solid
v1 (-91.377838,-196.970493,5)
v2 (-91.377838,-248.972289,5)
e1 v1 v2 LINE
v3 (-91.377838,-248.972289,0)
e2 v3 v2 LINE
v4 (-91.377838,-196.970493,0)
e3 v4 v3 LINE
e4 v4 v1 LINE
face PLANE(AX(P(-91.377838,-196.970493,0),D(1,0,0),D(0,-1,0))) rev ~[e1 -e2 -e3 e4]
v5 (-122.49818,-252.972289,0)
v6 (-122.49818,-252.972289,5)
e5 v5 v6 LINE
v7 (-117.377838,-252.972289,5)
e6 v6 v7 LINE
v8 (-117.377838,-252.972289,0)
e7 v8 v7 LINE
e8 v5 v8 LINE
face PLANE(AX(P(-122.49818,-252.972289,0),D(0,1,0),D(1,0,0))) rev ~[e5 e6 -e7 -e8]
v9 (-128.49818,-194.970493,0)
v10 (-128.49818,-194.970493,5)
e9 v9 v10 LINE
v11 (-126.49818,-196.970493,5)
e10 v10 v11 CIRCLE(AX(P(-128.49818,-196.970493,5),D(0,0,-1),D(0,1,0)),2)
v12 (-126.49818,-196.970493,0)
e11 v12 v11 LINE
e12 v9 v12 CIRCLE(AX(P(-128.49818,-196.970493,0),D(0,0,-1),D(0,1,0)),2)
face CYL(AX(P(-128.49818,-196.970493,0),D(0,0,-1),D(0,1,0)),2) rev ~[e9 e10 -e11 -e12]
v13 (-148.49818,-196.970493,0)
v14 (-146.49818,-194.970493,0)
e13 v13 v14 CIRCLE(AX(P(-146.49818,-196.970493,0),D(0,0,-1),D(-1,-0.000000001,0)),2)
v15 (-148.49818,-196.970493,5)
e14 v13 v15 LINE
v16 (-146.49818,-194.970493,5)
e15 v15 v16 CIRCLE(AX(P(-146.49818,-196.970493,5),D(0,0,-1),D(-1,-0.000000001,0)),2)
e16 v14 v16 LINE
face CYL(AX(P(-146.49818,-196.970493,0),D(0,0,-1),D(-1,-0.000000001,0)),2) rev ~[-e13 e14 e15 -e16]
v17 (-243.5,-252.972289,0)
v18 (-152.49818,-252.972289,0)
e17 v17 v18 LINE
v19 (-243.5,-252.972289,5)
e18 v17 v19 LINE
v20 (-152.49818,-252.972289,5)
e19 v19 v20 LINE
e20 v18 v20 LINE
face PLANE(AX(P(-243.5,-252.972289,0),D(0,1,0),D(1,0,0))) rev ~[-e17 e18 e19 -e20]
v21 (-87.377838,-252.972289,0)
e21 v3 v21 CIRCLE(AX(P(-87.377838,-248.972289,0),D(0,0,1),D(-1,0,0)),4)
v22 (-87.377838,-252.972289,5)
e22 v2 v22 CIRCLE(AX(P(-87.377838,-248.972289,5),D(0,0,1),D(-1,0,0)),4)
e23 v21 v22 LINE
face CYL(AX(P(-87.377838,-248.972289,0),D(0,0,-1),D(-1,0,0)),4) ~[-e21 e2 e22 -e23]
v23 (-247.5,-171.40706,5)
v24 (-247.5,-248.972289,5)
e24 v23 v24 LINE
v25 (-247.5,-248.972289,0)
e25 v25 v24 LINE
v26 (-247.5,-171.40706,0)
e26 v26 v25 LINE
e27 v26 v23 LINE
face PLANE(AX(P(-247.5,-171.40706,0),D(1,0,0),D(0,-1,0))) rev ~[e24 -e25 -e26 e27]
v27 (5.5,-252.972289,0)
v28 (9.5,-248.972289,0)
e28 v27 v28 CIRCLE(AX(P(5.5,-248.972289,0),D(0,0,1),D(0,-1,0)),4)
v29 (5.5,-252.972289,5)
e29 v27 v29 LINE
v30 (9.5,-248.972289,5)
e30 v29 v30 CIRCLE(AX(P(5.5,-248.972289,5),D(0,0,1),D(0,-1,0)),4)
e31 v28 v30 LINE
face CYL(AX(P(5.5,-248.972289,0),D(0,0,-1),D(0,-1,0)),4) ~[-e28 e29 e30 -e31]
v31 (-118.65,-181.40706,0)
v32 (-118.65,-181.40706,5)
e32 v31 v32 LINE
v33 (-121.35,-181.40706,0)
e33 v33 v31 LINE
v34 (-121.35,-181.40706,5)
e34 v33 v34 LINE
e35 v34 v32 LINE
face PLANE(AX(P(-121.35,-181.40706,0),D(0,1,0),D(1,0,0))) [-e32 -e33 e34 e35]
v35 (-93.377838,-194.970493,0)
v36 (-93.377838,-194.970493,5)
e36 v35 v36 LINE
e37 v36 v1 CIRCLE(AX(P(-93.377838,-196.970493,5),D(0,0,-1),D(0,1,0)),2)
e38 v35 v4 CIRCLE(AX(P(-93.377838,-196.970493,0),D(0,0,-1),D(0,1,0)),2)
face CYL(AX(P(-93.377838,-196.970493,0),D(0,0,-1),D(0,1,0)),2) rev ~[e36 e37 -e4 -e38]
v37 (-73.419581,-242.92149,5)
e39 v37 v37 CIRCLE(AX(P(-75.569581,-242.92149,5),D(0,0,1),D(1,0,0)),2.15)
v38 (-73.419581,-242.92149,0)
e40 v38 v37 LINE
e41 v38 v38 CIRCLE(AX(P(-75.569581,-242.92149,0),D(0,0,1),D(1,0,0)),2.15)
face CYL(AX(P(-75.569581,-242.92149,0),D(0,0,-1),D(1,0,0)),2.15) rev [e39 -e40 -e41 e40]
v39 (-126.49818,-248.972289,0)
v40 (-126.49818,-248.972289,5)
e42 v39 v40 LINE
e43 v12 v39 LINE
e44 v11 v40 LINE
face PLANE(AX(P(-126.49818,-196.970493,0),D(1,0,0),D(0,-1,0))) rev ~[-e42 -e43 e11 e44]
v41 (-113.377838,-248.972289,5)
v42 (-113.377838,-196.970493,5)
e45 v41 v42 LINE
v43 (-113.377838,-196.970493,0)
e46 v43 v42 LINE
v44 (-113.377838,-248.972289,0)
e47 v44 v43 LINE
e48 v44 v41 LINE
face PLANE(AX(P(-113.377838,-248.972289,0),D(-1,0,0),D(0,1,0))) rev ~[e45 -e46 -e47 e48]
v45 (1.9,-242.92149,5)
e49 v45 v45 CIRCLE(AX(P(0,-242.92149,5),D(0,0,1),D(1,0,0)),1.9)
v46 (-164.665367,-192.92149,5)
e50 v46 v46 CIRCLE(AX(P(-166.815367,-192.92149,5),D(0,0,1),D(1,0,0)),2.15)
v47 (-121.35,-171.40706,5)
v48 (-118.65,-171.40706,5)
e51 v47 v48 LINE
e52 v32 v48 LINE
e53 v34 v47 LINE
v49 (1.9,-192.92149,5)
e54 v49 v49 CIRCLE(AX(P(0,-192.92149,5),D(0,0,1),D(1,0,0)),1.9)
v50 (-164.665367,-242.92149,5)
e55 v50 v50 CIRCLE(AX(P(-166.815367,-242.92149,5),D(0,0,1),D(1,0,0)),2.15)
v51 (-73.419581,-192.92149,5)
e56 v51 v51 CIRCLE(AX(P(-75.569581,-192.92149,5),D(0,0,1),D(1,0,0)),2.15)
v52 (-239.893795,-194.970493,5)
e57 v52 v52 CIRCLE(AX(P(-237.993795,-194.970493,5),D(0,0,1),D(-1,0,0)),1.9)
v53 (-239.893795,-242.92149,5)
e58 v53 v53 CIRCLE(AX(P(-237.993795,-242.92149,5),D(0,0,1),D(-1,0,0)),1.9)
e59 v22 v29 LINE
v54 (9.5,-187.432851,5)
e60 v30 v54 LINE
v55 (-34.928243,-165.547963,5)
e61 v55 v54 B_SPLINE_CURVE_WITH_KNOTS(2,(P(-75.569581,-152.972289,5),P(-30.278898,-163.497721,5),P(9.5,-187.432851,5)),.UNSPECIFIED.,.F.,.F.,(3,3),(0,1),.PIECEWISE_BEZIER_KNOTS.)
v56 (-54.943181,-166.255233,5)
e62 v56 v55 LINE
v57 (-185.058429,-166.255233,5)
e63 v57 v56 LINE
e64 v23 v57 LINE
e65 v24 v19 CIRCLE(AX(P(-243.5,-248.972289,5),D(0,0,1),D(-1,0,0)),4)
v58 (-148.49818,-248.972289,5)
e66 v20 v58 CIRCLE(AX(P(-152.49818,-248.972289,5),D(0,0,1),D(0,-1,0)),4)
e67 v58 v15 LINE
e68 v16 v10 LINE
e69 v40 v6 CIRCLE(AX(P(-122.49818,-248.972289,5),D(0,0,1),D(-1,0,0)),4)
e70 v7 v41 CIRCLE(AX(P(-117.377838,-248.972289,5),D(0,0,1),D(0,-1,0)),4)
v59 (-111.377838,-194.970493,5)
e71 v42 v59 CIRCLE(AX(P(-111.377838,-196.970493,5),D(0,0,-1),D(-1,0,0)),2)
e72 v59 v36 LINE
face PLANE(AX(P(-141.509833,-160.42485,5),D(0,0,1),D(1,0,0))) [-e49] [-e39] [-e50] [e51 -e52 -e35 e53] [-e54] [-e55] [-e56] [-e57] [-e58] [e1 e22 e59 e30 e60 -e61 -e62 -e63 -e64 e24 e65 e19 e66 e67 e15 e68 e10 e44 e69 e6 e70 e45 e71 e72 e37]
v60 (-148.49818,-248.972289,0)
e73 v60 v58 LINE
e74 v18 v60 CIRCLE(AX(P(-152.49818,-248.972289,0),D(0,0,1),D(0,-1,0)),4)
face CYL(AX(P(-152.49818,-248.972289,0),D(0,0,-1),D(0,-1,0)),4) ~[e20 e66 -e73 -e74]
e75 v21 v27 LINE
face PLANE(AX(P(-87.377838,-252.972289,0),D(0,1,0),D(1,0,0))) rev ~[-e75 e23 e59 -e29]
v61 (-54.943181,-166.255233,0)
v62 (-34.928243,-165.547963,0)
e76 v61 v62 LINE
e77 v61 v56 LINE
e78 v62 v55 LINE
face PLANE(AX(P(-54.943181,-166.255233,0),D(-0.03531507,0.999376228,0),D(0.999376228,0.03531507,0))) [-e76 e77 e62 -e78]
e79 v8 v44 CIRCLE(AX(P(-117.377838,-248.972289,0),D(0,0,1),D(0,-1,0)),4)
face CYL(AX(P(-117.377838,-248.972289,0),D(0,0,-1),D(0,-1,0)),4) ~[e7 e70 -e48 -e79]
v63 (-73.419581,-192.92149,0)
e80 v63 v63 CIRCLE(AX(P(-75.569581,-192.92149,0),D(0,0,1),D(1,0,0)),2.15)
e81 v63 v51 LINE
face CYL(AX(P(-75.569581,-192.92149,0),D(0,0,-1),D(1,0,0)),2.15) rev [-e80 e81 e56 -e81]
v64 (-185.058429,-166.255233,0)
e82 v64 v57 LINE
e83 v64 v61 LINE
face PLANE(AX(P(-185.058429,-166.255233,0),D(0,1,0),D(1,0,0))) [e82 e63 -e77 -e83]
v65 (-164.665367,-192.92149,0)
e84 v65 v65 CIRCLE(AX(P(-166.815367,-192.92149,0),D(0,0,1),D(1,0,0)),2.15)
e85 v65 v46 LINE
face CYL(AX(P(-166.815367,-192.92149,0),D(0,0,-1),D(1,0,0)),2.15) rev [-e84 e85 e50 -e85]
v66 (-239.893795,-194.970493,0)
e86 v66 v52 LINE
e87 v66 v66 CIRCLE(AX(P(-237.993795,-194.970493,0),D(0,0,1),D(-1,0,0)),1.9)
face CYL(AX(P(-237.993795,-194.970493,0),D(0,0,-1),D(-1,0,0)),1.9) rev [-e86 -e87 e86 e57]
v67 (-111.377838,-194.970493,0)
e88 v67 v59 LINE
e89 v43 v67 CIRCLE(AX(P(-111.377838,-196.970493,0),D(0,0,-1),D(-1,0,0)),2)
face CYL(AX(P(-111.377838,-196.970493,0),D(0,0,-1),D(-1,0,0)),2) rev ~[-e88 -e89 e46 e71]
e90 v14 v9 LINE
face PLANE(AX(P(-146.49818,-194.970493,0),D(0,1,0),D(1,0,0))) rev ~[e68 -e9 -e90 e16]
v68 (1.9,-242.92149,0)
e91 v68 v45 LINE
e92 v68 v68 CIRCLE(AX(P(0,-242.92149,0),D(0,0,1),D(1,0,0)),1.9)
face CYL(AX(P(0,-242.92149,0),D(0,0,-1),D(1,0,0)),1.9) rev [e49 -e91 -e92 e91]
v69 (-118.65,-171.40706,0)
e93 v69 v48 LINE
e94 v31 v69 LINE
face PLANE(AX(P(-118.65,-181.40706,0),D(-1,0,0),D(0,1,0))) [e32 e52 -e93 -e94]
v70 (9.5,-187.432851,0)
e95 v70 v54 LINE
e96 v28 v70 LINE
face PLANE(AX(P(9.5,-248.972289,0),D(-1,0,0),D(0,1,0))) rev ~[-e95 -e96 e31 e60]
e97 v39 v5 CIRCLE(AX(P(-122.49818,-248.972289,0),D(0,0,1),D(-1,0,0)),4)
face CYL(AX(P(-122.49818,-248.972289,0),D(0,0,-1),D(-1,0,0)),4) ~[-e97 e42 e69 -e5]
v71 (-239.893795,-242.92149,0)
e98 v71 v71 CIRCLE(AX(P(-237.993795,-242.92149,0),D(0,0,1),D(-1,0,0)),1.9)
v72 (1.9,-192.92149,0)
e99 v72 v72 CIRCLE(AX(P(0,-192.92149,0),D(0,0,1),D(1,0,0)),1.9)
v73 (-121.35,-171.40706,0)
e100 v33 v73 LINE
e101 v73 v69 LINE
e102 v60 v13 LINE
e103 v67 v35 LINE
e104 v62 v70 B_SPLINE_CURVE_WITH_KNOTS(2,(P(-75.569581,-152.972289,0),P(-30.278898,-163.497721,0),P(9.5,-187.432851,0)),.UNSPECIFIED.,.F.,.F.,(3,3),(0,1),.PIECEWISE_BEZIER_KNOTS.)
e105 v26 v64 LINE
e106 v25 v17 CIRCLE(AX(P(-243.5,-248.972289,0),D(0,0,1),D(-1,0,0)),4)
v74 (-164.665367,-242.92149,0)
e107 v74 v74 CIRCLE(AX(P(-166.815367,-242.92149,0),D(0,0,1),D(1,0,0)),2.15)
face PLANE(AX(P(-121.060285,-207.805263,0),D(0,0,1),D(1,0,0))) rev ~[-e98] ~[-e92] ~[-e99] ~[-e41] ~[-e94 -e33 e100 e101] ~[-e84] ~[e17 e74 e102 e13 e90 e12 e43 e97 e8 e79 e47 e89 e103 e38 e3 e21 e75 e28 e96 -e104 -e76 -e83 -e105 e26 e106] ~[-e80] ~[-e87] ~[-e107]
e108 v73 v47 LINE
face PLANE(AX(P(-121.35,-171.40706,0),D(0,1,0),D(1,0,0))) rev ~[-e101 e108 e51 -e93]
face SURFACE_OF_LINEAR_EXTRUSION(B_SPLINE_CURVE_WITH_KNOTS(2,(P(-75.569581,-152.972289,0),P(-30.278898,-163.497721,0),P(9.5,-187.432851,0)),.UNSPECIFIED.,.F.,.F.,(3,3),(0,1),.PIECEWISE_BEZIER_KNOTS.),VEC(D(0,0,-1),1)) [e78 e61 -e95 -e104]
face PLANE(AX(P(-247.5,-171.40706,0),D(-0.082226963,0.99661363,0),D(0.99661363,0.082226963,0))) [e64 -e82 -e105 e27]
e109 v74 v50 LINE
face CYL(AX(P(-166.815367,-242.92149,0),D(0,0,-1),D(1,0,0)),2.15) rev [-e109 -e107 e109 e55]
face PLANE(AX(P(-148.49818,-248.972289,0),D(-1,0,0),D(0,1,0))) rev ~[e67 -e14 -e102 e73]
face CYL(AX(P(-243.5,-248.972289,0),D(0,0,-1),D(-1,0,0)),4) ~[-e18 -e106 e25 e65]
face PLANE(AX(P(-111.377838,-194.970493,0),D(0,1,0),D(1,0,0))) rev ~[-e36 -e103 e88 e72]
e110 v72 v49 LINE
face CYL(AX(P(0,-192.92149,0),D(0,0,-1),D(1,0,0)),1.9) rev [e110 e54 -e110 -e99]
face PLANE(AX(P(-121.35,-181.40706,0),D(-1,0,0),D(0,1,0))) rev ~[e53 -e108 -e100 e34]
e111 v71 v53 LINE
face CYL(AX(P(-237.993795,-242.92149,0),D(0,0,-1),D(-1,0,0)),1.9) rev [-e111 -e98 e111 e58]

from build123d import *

# Parameters (mm, degrees)
SKETCH1_R           = 1.9
SKETCH1_R_2         = 2.15
SKETCH1_W           = 2.7
SKETCH1_H           = 10
BOSS_EXTRUDE1_DEPTH = 5
BOSS_EXTRUDE2_DEPTH = 5
CUT_EXTRUDE1_DEPTH  = 5


with BuildPart() as part:
    # Sketch1 → Boss-Extrude1 (new body)
    with BuildSketch(Plane.XY):
        with BuildLine():
            Line((-243.5, -252.972288794), (-152.498180394, -252.972288794))
            ThreePointArc((-152.498180394, -252.972288794), (-149.669753269, -251.800715919), (-148.498180394, -248.972288794))
            Line((-148.498180394, -248.972288794), (-148.498180394, -196.970492539))
            ThreePointArc((-148.498180394, -196.970492539), (-147.912393957, -195.556278976), (-146.498180394, -194.970492539))
            Line((-146.498180394, -194.970492539), (-128.498180394, -194.970492539))
            ThreePointArc((-128.498180394, -194.970492539), (-127.083966832, -195.556278976), (-126.498180394, -196.970492539))
            Line((-126.498180394, -196.970492539), (-126.498180394, -248.972288794))
            ThreePointArc((-126.498180394, -248.972288794), (-125.326607519, -251.800715919), (-122.498180394, -252.972288794))
            Line((-122.498180394, -252.972288794), (-117.377838381, -252.972288794))
            ThreePointArc((-117.377838381, -252.972288794), (-114.549411256, -251.800715919), (-113.377838381, -248.972288794))
            Line((-113.377838381, -248.972288794), (-113.377838381, -196.970492539))
            ThreePointArc((-113.377838381, -196.970492539), (-112.792051943, -195.556278976), (-111.377838381, -194.970492539))
            Line((-111.377838381, -194.970492539), (-93.377838381, -194.970492539))
            ThreePointArc((-93.377838381, -194.970492539), (-91.963624819, -195.556278976), (-91.377838381, -196.970492539))
            Line((-91.377838381, -196.970492539), (-91.377838381, -248.972288794))
            ThreePointArc((-91.377838381, -248.972288794), (-90.206265506, -251.800715919), (-87.377838381, -252.972288794))
            Line((-87.377838381, -252.972288794), (5.5, -252.972288794))
            ThreePointArc((5.5, -252.972288794), (8.328427125, -251.800715919), (9.5, -248.972288794))
            Line((9.5, -248.972288794), (9.5, -187.432851256))
            add(Edge.make_bspline(
                [(-75.569581097, -152.972288794), (-30.278898356, -163.497720658), (9.5, -187.432851256)],
                knots=[0, 0, 0, 1, 1, 1], degree=2))
            Line((-75.569581097, -152.972288794), (-118.65, -152.972288794))
            Line((-118.65, -152.972288794), (-118.65, -162.972288794))
            Line((-118.65, -162.972288794), (-121.35, -162.972288794))
            Line((-121.35, -162.972288794), (-121.35, -152.972288794))
            Line((-121.35, -152.972288794), (-164.430418903, -152.972288794))
            add(Edge.make_bspline(
                [(-164.430418903, -152.972288794), (-207.794171984, -154.134737544), (-247.5, -171.407059989)],
                knots=[0, 0, 0, 1, 1, 1], degree=2))
            Line((-247.5, -171.407059989), (-247.5, -248.972288794))
            ThreePointArc((-247.5, -248.972288794), (-246.328427125, -251.800715919), (-243.5, -252.972288794))
        make_face()
        with Locations((0, -192.921490239)):
            Circle(SKETCH1_R, mode=Mode.SUBTRACT)
        with Locations((0, -242.921490239)):
            Circle(SKETCH1_R, mode=Mode.SUBTRACT)
        with Locations((-237.993794987, -242.921490239)):
            Circle(SKETCH1_R, mode=Mode.SUBTRACT)
        with Locations((-237.993794987, -194.970492539)):
            Circle(SKETCH1_R, mode=Mode.SUBTRACT)
        with Locations((-166.815366628, -192.921490239)):
            Circle(SKETCH1_R_2, mode=Mode.SUBTRACT)
        with Locations((-166.815366628, -242.921490239)):
            Circle(SKETCH1_R_2, mode=Mode.SUBTRACT)
        with Locations((-75.569581097, -192.921490239)):
            Circle(SKETCH1_R_2, mode=Mode.SUBTRACT)
        with Locations((-75.569581097, -242.921490239)):
            Circle(SKETCH1_R_2, mode=Mode.SUBTRACT)
        with Locations((-120, -176.407059989)):
            Rectangle(SKETCH1_W, SKETCH1_H, mode=Mode.SUBTRACT)
    extrude(amount=BOSS_EXTRUDE1_DEPTH)

    # Sketch2 → Boss-Extrude2 (add)
    with BuildSketch(Plane(origin=(0, 0, 0), x_dir=(-1, 0, 0), z_dir=(0, 0, -1))):
        with BuildLine():
            Line((247.500000017, -171.407059996), (185.05842867, -166.255233236))
            Line((185.05842867, -166.255233236), (54.943181018, -166.255233236))
            Line((54.943181018, -166.255233236), (34.928242723, -165.547963122))
            add(Edge.make_bspline(
                [(58.315946636, -155.801157817), (45.893296778, -158.75444176), (34.928242723, -165.547963122)],
                knots=[0, 0, 0, 1, 1, 1], degree=2))
            add(Edge.make_bspline(
                [(58.315946636, -155.801157817), (63.424678897, -156.071648314), (70.654281497, -151.741484529)],
                knots=[0, 0, 0, 0.409142446, 0.409142446, 0.409142446], degree=2))
            add(Edge.make_bspline(
                [(113.326199409, -148.857198457), (91.886453079, -148.664892877), (70.654281497, -151.741484529)],
                knots=[0, 0, 0, 1, 1, 1], degree=2))
            Line((113.326199409, -148.857198457), (126.673800592, -148.857198457))
            add(Edge.make_bspline(
                [(185.597069482, -153.384908978), (156.563126475, -146.928393886), (126.673800592, -148.857198457)],
                knots=[0, 0, 0, 1, 1, 1], degree=2))
            add(Edge.make_bspline(
                [(185.597069482, -153.384908978), (219.13818523, -148.75209862), (247.500000017, -171.407059996)],
                knots=[0, 0, 0, 1, 1, 1], degree=2))
        make_face()
    extrude(amount=-BOSS_EXTRUDE2_DEPTH)

    # Sketch2<2> → Cut-Extrude1 (cut)
    with BuildSketch(Plane(origin=(0, 0, 0), x_dir=(-1, 0, 0), z_dir=(0, 0, -1))):
        with BuildLine():
            Line((185.05842867, -166.255233236), (247.500000017, -171.407059996))
            add(Edge.make_bspline(
                [(185.597069482, -153.384908978), (219.13818523, -148.75209862), (247.500000017, -171.407059996)],
                knots=[0, 0, 0, 1, 1, 1], degree=2))
            add(Edge.make_bspline(
                [(185.597069482, -153.384908978), (156.563126475, -146.928393886), (126.673800592, -148.857198457)],
                knots=[0, 0, 0, 1, 1, 1], degree=2))
            Line((126.673800592, -148.857198457), (113.326199409, -148.857198457))
            add(Edge.make_bspline(
                [(113.326199409, -148.857198457), (91.886453079, -148.664892877), (70.654281497, -151.741484529)],
                knots=[0, 0, 0, 1, 1, 1], degree=2))
            add(Edge.make_bspline(
                [(58.315946636, -155.801157817), (63.424678897, -156.071648314), (70.654281497, -151.741484529)],
                knots=[0, 0, 0, 0.409142446, 0.409142446, 0.409142446], degree=2))
            add(Edge.make_bspline(
                [(58.315946636, -155.801157817), (45.893296778, -158.75444176), (34.928242723, -165.547963122)],
                knots=[0, 0, 0, 1, 1, 1], degree=2))
            Line((34.928242723, -165.547963122), (54.943181018, -166.255233236))
            Line((54.943181018, -166.255233236), (185.05842867, -166.255233236))
        make_face()
    extrude(amount=-CUT_EXTRUDE1_DEPTH, mode=Mode.SUBTRACT)


solid = part.part
